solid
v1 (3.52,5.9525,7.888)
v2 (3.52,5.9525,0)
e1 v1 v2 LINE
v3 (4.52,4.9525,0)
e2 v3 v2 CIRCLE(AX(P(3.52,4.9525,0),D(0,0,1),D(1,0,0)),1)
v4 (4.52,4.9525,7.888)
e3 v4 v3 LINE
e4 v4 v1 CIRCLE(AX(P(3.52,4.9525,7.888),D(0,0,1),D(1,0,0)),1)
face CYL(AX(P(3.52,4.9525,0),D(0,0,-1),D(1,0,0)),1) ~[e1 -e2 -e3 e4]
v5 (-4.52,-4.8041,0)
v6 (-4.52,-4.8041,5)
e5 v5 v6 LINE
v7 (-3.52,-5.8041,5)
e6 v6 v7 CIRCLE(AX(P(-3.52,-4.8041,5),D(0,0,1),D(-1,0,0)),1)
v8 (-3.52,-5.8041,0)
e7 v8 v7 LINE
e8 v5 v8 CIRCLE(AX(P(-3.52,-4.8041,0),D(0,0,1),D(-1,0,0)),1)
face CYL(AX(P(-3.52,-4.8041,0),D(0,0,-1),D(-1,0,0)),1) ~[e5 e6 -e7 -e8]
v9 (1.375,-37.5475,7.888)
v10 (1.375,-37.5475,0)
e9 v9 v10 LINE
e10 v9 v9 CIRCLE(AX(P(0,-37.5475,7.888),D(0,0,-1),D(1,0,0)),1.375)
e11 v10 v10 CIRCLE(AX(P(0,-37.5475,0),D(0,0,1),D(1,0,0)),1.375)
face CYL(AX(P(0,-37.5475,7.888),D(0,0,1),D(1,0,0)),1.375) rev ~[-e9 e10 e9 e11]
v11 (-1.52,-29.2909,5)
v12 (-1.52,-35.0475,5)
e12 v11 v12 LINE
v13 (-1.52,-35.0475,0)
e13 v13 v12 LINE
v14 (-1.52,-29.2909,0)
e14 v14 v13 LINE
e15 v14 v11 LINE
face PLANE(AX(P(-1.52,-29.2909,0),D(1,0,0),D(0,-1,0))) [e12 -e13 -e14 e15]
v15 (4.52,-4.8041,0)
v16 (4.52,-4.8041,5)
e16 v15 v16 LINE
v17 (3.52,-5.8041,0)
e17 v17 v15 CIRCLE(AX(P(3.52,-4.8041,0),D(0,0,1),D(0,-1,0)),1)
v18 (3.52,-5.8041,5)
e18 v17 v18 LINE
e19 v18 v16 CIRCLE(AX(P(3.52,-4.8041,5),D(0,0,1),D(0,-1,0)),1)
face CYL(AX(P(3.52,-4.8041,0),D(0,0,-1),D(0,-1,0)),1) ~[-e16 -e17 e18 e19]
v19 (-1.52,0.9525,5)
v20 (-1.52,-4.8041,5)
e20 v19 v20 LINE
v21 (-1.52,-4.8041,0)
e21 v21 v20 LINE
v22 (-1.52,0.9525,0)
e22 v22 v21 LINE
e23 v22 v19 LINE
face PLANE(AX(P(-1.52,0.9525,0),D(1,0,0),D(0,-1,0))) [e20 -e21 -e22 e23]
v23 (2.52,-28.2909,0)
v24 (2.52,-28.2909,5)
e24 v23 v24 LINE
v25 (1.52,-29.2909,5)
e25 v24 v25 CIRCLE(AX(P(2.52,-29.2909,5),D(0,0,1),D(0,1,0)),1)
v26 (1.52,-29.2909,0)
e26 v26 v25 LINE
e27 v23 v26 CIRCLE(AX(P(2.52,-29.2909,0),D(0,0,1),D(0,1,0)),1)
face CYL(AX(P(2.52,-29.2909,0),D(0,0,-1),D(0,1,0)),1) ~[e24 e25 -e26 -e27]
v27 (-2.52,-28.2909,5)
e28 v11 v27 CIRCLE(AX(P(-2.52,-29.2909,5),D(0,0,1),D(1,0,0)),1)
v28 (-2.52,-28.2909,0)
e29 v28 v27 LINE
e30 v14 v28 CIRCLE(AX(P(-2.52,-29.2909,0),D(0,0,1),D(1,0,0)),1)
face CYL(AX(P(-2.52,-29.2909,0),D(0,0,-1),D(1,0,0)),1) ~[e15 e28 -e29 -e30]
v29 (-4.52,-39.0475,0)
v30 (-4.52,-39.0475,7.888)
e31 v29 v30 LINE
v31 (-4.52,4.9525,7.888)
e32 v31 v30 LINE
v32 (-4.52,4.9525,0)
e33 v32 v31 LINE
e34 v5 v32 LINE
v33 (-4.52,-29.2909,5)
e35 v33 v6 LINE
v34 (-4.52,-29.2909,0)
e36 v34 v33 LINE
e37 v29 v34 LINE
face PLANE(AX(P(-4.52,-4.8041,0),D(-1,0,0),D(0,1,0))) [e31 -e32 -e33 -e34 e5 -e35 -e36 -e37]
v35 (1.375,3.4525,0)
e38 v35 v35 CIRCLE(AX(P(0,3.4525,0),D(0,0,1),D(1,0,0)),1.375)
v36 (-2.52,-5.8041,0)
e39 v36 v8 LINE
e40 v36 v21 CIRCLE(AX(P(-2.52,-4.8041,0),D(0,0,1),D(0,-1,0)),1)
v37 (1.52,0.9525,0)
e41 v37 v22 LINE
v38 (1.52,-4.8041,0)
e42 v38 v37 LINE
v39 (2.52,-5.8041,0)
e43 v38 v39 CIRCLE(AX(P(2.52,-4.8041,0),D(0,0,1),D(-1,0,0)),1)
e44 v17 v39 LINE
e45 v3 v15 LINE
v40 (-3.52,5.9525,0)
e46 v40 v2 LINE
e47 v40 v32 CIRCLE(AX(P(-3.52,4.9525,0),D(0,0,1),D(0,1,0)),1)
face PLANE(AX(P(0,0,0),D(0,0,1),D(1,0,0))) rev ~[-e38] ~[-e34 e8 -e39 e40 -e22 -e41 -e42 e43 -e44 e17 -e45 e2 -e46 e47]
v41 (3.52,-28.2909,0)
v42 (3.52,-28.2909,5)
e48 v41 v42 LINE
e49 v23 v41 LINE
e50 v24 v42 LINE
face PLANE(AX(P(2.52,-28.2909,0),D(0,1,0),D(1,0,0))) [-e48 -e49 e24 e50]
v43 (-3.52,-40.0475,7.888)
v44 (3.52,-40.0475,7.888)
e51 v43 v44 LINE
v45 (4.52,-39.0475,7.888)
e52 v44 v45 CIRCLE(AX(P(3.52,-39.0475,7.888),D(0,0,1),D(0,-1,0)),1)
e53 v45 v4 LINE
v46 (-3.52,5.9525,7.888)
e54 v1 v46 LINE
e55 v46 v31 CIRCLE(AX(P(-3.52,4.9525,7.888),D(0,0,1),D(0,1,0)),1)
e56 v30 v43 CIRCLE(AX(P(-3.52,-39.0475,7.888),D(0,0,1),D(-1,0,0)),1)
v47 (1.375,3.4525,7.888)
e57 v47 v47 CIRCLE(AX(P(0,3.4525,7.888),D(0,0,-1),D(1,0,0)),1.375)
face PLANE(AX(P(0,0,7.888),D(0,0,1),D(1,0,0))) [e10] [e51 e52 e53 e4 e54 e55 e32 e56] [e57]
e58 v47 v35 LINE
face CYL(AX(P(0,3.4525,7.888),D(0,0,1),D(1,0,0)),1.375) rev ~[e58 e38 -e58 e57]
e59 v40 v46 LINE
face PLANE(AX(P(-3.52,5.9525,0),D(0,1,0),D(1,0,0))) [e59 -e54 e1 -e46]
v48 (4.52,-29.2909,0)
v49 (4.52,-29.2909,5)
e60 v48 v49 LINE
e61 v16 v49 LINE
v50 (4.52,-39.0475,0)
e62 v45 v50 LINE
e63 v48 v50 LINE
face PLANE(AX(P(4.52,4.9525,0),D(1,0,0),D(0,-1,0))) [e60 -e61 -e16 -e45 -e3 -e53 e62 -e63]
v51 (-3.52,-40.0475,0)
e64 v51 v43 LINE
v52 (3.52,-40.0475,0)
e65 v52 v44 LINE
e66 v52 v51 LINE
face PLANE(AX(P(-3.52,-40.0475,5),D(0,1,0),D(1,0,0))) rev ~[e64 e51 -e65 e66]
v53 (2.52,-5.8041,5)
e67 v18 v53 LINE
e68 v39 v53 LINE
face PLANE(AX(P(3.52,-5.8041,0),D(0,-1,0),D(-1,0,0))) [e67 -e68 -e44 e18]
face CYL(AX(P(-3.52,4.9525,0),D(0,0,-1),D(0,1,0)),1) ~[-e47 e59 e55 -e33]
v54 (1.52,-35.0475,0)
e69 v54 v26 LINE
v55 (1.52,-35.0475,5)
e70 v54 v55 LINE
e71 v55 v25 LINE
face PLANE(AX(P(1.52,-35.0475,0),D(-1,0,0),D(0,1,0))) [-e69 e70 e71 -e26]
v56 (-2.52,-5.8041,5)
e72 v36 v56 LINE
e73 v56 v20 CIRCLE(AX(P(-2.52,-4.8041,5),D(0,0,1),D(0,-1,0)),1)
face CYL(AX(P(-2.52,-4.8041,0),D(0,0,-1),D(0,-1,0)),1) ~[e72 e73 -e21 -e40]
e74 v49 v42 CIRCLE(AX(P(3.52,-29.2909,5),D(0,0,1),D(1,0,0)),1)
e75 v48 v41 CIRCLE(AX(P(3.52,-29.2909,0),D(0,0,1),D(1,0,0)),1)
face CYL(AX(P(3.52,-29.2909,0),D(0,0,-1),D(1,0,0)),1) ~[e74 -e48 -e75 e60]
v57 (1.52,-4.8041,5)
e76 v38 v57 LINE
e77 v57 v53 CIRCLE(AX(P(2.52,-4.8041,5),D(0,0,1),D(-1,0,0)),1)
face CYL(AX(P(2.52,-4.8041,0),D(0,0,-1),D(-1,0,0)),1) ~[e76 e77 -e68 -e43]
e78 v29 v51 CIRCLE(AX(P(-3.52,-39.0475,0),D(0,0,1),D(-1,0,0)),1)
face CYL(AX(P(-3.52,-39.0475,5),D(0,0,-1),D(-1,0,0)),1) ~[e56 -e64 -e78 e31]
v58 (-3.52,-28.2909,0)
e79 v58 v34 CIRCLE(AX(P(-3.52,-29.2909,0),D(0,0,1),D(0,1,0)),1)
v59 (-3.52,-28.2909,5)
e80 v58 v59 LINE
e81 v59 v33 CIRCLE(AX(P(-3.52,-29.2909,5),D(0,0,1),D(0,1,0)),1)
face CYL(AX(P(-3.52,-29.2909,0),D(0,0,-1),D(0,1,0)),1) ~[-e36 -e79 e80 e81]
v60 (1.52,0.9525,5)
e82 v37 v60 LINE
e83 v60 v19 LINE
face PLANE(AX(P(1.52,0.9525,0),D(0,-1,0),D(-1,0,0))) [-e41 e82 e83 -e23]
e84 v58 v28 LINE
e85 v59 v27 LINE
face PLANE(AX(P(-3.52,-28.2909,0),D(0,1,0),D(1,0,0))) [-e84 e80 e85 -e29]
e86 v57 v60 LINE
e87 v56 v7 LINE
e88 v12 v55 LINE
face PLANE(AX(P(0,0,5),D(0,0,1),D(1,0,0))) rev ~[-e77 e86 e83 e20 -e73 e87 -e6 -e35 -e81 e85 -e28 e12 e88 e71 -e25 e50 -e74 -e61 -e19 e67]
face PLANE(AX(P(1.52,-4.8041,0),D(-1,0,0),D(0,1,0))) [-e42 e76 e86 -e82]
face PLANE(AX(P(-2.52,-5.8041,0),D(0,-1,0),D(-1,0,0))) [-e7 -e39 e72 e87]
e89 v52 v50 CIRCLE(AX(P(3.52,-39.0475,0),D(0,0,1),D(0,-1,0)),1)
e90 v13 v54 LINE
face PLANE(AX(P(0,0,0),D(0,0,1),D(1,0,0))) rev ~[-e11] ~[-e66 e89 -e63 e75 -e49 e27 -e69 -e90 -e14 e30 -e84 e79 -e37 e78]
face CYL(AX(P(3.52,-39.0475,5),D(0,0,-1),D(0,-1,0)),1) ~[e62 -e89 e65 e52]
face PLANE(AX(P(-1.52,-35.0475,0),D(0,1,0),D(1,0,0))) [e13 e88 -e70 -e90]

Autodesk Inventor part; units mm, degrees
ref_plane "YZ Plane" through (0, 0, 0) normal (1, 0, 0) x (0, 1, 0)
ref_plane "XZ Plane" through (0, 0, 0) normal (0, 1, 0) x (-1, 0, 0)
sketch "Sketch1" plane through (0, 0, 0) normal (0, 0, 1) x (1, 0, 0)
  arc A0 (-3.52, 5.9525) -> (-4.52, 4.9525) centre (-3.52, 4.9525) ccw projected
  line L0 (-4.52, -4.8041) -> (-4.52, 4.9525) projected
  arc A1 (-4.52, -4.8041) -> (-3.52, -5.8041) centre (-3.52, -4.8041) ccw projected
  line L1 (-2.52, -5.8041) -> (-3.52, -5.8041) projected
  arc A2 (-2.52, -5.8041) -> (-1.52, -4.8041) centre (-2.52, -4.8041) ccw projected
  line L2 (-1.52, 0.9525) -> (-1.52, -4.8041) projected
  line L3 (1.52, 0.9525) -> (-1.52, 0.9525) projected
  line L4 (1.52, -4.8041) -> (1.52, 0.9525) projected
  arc A3 (1.52, -4.8041) -> (2.52, -5.8041) centre (2.52, -4.8041) ccw projected
  line L5 (3.52, -5.8041) -> (2.52, -5.8041) projected
  arc A4 (3.52, -5.8041) -> (4.52, -4.8041) centre (3.52, -4.8041) ccw projected
  line L6 (4.52, 4.9525) -> (4.52, -4.8041) projected
  arc A5 (4.52, 4.9525) -> (3.52, 5.9525) centre (3.52, 4.9525) ccw projected
  line L7 (-3.52, 5.9525) -> (3.52, 5.9525) projected
  arc A6 (2.52, -28.2909) -> (1.52, -29.2909) centre (2.52, -29.2909) ccw projected
  line L8 (1.52, -35.0475) -> (1.52, -29.2909) projected
  line L9 (-1.52, -35.0475) -> (1.52, -35.0475) projected
  line L10 (-1.52, -29.2909) -> (-1.52, -35.0475) projected
  arc A7 (-1.52, -29.2909) -> (-2.52, -28.2909) centre (-2.52, -29.2909) ccw projected
  line L11 (-3.52, -28.2909) -> (-2.52, -28.2909) projected
  arc A8 (-3.52, -28.2909) -> (-4.52, -29.2909) centre (-3.52, -29.2909) ccw projected
  line L12 (-4.52, -39.0475) -> (-4.52, -29.2909) projected
  arc A9 (-4.52, -39.0475) -> (-3.52, -40.0475) centre (-3.52, -39.0475) ccw projected
  line L13 (3.52, -40.0475) -> (-3.52, -40.0475) projected
  arc A10 (3.52, -40.0475) -> (4.52, -39.0475) centre (3.52, -39.0475) ccw projected
  line L14 (4.52, -29.2909) -> (4.52, -39.0475) projected
  arc A11 (4.52, -29.2909) -> (3.52, -28.2909) centre (3.52, -29.2909) ccw projected
  line L15 (2.52, -28.2909) -> (3.52, -28.2909) projected
  point P0 (0, 0)
extrude "Extrusion1" add sketch "Sketch1" along normal blind 5
sketch "Sketch2" plane through (0, 0, 5) normal (0, 0, 1) x (1, 0, 0)
  arc A0 (-3.52, 5.9525) -> (-4.52, 4.9525) centre (-3.52, 4.9525) ccw projected
  line L0 (-4.52, 4.9525) -> (-4.52, -4.8041) projected
  arc A1 (-4.52, -4.8041) -> (-3.52, -5.8041) centre (-3.52, -4.8041) ccw projected
  line L1 (-3.52, -5.8041) -> (-2.52, -5.8041) projected
  arc A2 (-2.52, -5.8041) -> (-1.52, -4.8041) centre (-2.52, -4.8041) ccw projected
  line L2 (-1.52, -4.8041) -> (-1.52, 0.9525) projected
  line L3 (-1.52, 0.9525) -> (1.52, 0.9525) projected
  line L4 (1.52, 0.9525) -> (1.52, -4.8041) projected
  arc A3 (1.52, -4.8041) -> (2.52, -5.8041) centre (2.52, -4.8041) ccw projected
  line L5 (2.52, -5.8041) -> (3.52, -5.8041) projected
  arc A4 (3.52, -5.8041) -> (4.52, -4.8041) centre (3.52, -4.8041) ccw projected
  line L6 (4.52, -4.8041) -> (4.52, 4.9525) projected
  arc A5 (4.52, 4.9525) -> (3.52, 5.9525) centre (3.52, 4.9525) ccw projected
  line L7 (3.52, 5.9525) -> (-3.52, 5.9525) projected
  arc A6 (2.52, -28.2909) -> (1.52, -29.2909) centre (2.52, -29.2909) ccw projected
  line L8 (1.52, -29.2909) -> (1.52, -35.0475) projected
  line L9 (1.52, -35.0475) -> (-1.52, -35.0475) projected
  line L10 (-1.52, -35.0475) -> (-1.52, -29.2909) projected
  arc A7 (-1.52, -29.2909) -> (-2.52, -28.2909) centre (-2.52, -29.2909) ccw projected
  line L11 (-2.52, -28.2909) -> (-3.52, -28.2909) projected
  arc A8 (-3.52, -28.2909) -> (-4.52, -29.2909) centre (-3.52, -29.2909) ccw projected
  line L12 (-4.52, -29.2909) -> (-4.52, -39.0475) projected
  arc A9 (-4.52, -39.0475) -> (-3.52, -40.0475) centre (-3.52, -39.0475) ccw projected
  line L13 (-3.52, -40.0475) -> (3.52, -40.0475) projected
  arc A10 (3.52, -40.0475) -> (4.52, -39.0475) centre (3.52, -39.0475) ccw projected
  line L14 (4.52, -39.0475) -> (4.52, -29.2909) projected
  arc A11 (4.52, -29.2909) -> (3.52, -28.2909) centre (3.52, -29.2909) ccw projected
  line L15 (3.52, -28.2909) -> (2.52, -28.2909) projected
  line L16 (-4.52, -4.8041) -> (4.52, -4.8041)
  line L17 (4.52, -4.8041) -> (4.52, -29.2909)
  line L18 (4.52, -29.2909) -> (-4.52, -29.2909)
  line L19 (-4.52, -29.2909) -> (-4.52, -4.8041)
  line L20 (-1.52, -35.0475) -> (1.52, -35.0475)
  line L21 (1.52, -35.0475) -> (1.52, 0.9525)
  line L22 (1.52, 0.9525) -> (-1.52, 0.9525)
  line L23 (-1.52, 0.9525) -> (-1.52, -35.0475)
  point P0 (0, 0)
ref_plane "Work Plane1" through (-13.8343, -45.838, 7.888) normal (0, 0, -1) x (0, 1, 0)
extrude "Extrusion2" add sketch "Sketch2" along normal up to surface (2.888 mm away)
sketch "Sketch3" plane through (-3.52, 5.9525, 7.888) normal (0, 0, 1) x (1, 0, 0)
  arc A0 (6.04, -34.2434) -> (5.04, -35.2434) centre (6.04, -35.2434) ccw projected
  line L0 (5.04, -41) -> (5.04, -35.2434) projected
  line L1 (2, -41) -> (5.04, -41) projected
  line L2 (2, -35.2434) -> (2, -41) projected
  arc A1 (2, -35.2434) -> (1, -34.2434) centre (1, -35.2434) ccw projected
  line L3 (0, -34.2434) -> (1, -34.2434) projected
  arc A2 (0, -34.2434) -> (-1, -35.2434) centre (0, -35.2434) ccw projected
  line L4 (-1, -45) -> (-1, -35.2434) projected
  arc A3 (-1, -45) -> (0, -46) centre (0, -45) ccw projected
  line L5 (7.04, -46) -> (0, -46) projected
  arc A4 (7.04, -46) -> (8.04, -45) centre (7.04, -45) ccw projected
  line L6 (8.04, -35.2434) -> (8.04, -45) projected
  arc A5 (8.04, -35.2434) -> (7.04, -34.2434) centre (7.04, -35.2434) ccw projected
  line L7 (6.04, -34.2434) -> (7.04, -34.2434) projected
  arc A6 (0, 0) -> (-1, -1) centre (0, -1) ccw projected
  line L8 (-1, -10.7566) -> (-1, -1) projected
  arc A7 (-1, -10.7566) -> (0, -11.7566) centre (0, -10.7566) ccw projected
  line L9 (1, -11.7566) -> (0, -11.7566) projected
  arc A8 (1, -11.7566) -> (2, -10.7566) centre (1, -10.7566) ccw projected
  line L10 (2, -5) -> (2, -10.7566) projected
  line L11 (5.04, -5) -> (2, -5) projected
  line L12 (5.04, -10.7566) -> (5.04, -5) projected
  arc A9 (5.04, -10.7566) -> (6.04, -11.7566) centre (6.04, -10.7566) ccw projected
  line L13 (7.04, -11.7566) -> (6.04, -11.7566) projected
  arc A10 (7.04, -11.7566) -> (8.04, -10.7566) centre (7.04, -10.7566) ccw projected
  line L14 (8.04, -1) -> (8.04, -10.7566) projected
  arc A11 (8.04, -1) -> (7.04, 0) centre (7.04, -1) ccw projected
  line L15 (0, 0) -> (7.04, 0) projected
  line L16 (0, -46) -> (7.04, -46) projected
  line L17 (3.52, -46) -> (3.52, -41)
  line L18 (2, -41) -> (5.04, -41) projected
  circle A12 centre (3.52, -43.5) radius 1.375
  circle A13 centre (3.52, -43.5) radius 1.375
  line L19 (-1, -1) -> (-1, -45) projected
  line L20 (-1, -23) -> (-5.6453, -23)
  arc A14 (5.04, -10.7566) -> (6.04, -11.7566) centre (6.04, -10.7566) ccw
  line L21 (5.04, -5) -> (5.04, -10.7566)
  line L22 (2, -5) -> (5.04, -5)
  line L23 (2, -10.7566) -> (2, -5)
  arc A15 (1, -11.7566) -> (2, -10.7566) centre (1, -10.7566) ccw
  line L24 (0, -11.7566) -> (1, -11.7566)
  arc A16 (-1, -10.7566) -> (0, -11.7566) centre (0, -10.7566) ccw
  line L25 (-1, -1) -> (-1, -10.7566)
  arc A17 (0, 0) -> (-1, -1) centre (0, -1) ccw
  line L26 (7.04, 0) -> (0, 0)
  arc A18 (8.04, -1) -> (7.04, 0) centre (7.04, -1) ccw
  line L27 (8.04, -10.7566) -> (8.04, -1)
  arc A19 (7.04, -11.7566) -> (8.04, -10.7566) centre (7.04, -10.7566) ccw
  line L28 (6.04, -11.7566) -> (7.04, -11.7566)
  line L29 (0, 0) -> (7.04, 0)
  line L30 (3.52, 0) -> (3.52, -5)
  line L31 (2, -5) -> (5.04, -5)
  circle A20 centre (3.52, -2.5) radius 1.375
  circle A21 centre (3.52, -2.5) radius 1.375
  line L32 (-1, -45) -> (-1, -1)
  point P0 (3.52, -5.9525)
  dimension "d5" = 2.75
  dimension "d6" = 2.75
extrude "Extrusion3" cut sketch "Sketch3" against normal blind 100 contours A12 L17 | L17 A12 | A20 L30 | L30 A20
properties part number "SyringeServoClamp"
